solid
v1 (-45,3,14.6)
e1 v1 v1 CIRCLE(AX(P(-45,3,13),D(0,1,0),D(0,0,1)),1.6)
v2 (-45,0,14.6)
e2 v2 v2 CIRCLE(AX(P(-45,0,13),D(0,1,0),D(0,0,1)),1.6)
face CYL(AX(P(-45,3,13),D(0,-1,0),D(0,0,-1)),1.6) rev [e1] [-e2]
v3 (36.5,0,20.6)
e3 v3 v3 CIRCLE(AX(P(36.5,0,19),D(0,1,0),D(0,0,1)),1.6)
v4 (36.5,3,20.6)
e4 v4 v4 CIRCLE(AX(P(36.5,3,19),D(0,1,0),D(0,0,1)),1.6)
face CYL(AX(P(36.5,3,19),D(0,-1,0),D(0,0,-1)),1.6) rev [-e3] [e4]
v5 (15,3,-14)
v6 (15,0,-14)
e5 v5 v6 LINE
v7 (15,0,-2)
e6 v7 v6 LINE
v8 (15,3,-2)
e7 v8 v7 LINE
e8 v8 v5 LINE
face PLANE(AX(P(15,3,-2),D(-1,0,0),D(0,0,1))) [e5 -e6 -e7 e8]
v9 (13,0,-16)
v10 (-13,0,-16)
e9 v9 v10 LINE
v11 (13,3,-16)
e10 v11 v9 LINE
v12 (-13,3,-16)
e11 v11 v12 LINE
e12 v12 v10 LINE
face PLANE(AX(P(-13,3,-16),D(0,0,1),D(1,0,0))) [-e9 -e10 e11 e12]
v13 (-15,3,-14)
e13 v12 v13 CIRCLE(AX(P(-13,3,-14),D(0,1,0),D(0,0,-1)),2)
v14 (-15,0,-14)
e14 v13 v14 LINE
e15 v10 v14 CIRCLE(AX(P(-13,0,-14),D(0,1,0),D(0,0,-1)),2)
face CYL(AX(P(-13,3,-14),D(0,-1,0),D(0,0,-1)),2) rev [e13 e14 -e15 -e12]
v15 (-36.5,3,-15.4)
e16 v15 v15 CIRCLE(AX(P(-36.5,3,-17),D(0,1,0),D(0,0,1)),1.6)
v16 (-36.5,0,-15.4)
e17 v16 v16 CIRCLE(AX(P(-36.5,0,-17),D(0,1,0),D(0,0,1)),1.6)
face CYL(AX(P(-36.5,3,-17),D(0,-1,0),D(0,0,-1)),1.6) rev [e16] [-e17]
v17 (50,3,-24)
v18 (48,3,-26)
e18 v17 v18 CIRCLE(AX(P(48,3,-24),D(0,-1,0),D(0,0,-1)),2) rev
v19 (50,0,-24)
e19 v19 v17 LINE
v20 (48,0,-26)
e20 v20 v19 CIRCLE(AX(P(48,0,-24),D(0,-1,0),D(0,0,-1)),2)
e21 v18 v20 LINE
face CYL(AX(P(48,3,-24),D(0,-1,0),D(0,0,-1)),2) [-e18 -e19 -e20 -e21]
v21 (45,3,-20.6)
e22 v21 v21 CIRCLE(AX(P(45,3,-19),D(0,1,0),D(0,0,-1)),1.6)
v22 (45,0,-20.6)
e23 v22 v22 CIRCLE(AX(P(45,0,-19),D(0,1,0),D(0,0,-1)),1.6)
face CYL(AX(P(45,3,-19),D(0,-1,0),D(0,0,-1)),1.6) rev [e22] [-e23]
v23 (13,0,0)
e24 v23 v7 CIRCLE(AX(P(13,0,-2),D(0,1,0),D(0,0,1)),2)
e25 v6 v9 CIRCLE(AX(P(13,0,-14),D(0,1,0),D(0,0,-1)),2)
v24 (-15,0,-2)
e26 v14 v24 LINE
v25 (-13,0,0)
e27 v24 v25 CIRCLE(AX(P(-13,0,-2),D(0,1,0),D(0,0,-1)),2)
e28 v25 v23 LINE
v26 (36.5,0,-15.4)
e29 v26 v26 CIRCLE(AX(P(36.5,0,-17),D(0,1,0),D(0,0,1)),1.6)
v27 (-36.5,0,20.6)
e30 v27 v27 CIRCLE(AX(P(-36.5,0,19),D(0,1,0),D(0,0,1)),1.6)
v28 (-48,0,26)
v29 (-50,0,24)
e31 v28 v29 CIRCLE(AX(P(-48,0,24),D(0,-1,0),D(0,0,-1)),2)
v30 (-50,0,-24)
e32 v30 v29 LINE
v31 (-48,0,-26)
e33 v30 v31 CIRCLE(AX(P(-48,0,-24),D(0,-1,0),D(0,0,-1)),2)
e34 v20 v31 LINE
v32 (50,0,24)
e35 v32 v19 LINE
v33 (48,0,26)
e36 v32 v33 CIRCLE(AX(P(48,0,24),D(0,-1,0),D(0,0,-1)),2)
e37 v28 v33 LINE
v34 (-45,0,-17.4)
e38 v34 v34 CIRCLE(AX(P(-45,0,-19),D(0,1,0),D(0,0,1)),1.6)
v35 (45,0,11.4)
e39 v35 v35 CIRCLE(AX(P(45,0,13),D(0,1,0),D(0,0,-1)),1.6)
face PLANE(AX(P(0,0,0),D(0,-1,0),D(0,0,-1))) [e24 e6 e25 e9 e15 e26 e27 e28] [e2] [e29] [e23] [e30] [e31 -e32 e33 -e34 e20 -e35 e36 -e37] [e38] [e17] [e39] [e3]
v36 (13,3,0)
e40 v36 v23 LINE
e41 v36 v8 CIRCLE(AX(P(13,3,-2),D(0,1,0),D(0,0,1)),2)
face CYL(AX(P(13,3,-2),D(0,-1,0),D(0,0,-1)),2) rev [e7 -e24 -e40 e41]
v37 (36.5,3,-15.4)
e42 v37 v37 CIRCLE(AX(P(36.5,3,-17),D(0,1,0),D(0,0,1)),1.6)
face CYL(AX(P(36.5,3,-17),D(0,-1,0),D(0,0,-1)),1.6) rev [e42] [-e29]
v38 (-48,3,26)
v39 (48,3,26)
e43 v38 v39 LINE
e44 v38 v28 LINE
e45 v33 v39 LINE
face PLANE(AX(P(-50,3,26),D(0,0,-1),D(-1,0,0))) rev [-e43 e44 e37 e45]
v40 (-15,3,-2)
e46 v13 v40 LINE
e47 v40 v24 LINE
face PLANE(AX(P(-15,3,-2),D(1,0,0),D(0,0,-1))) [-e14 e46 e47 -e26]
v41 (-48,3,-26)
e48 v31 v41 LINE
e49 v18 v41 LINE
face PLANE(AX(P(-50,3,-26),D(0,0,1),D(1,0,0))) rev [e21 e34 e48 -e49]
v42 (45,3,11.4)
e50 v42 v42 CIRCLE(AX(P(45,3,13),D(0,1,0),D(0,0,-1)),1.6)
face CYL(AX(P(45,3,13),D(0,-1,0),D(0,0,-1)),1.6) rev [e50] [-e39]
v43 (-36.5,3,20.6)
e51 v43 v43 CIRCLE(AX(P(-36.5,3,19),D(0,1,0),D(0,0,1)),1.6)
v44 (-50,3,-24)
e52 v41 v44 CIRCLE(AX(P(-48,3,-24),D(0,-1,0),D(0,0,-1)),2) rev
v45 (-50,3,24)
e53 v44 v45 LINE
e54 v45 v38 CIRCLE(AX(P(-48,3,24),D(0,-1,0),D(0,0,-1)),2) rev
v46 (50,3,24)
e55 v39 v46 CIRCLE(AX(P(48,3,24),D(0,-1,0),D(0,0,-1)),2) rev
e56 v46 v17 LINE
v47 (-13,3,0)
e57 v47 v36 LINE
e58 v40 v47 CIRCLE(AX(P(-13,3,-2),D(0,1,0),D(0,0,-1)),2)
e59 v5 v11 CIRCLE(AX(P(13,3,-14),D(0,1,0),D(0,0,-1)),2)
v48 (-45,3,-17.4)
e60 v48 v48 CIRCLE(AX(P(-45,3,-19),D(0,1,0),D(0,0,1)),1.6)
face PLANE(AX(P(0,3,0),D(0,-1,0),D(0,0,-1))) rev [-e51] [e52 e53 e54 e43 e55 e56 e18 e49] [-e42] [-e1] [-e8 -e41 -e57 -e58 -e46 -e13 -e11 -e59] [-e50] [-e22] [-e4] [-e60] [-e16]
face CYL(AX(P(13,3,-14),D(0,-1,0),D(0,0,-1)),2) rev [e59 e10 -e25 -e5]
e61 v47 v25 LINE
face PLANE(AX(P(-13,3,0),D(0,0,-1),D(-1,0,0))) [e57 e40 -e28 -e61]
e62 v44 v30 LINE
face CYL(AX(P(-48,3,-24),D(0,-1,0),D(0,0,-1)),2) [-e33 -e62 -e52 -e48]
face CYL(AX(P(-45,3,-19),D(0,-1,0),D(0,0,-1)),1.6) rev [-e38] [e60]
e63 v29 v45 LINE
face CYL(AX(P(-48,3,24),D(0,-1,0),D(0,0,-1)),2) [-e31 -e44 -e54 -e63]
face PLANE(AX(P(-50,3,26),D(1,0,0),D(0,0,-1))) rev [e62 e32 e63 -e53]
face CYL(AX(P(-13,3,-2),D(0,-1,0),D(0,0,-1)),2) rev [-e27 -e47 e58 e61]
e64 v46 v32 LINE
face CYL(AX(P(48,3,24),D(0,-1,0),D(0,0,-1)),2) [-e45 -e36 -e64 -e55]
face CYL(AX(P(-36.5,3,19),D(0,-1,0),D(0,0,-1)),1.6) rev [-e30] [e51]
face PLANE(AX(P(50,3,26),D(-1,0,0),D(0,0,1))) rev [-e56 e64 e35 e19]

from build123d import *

# Parameters (mm, degrees)
SKETCH_1_W      = 100
SKETCH_1_H      = 52
SKETCH_1_R      = 1.6
EXTRUDE_1_DEPTH = 3
FILLET_1_R      = 2


with BuildPart() as part:
    # 草图1 → 凸台-拉伸1 (new body)
    with BuildSketch(Plane(origin=(0, 0, 0), x_dir=(1, 0, 0), z_dir=(0, 1, 0))):
        Rectangle(SKETCH_1_W, SKETCH_1_H)
        with Locations(Location((-36.5, 17, 0), (0, 0, 270))):
            Circle(SKETCH_1_R, mode=Mode.SUBTRACT)
        with Locations(Location((36.5, 17, 0), (0, 0, 270))):
            Circle(SKETCH_1_R, mode=Mode.SUBTRACT)
        with Locations(Location((36.5, -19, 0), (0, 0, 270))):
            Circle(SKETCH_1_R, mode=Mode.SUBTRACT)
        with Locations(Location((-36.5, -19, 0), (0, 0, 270))):
            Circle(SKETCH_1_R, mode=Mode.SUBTRACT)
        with Locations(Location((-45, 19, 0), (0, 0, 270))):
            Circle(SKETCH_1_R, mode=Mode.SUBTRACT)
        with Locations(Location((45, 19, 0), (0, 0, 90))):
            Circle(SKETCH_1_R, mode=Mode.SUBTRACT)
        with Locations(Location((-45, -13, 0), (0, 0, 270))):
            Circle(SKETCH_1_R, mode=Mode.SUBTRACT)
        with Locations(Location((45, -13, 0), (0, 0, 90))):
            Circle(SKETCH_1_R, mode=Mode.SUBTRACT)
        with BuildLine():
            Line((-13, 0), (13, 0))
            ThreePointArc((13, 0), (14.414213562, 0.585786438), (15, 2))
            Line((15, 2), (15, 14))
            ThreePointArc((15, 14), (14.414213562, 15.414213562), (13, 16))
            Line((13, 16), (-13, 16))
            ThreePointArc((-13, 16), (-14.414213562, 15.414213562), (-15, 14))
            Line((-15, 14), (-15, 2))
            ThreePointArc((-15, 2), (-14.414213562, 0.585786438), (-13, 0))
        make_face(mode=Mode.SUBTRACT)
    extrude(amount=EXTRUDE_1_DEPTH)

    # 圆角1
    fillet_1_edges = [part.edges().sort_by_distance(p)[0] for p in [
        (50, 1.5, 26),
        (-50, 1.5, 26),
        (-50, 1.5, -26),
        (50, 1.5, -26),
    ]]
    fillet(fillet_1_edges, radius=FILLET_1_R)


solid = part.part
